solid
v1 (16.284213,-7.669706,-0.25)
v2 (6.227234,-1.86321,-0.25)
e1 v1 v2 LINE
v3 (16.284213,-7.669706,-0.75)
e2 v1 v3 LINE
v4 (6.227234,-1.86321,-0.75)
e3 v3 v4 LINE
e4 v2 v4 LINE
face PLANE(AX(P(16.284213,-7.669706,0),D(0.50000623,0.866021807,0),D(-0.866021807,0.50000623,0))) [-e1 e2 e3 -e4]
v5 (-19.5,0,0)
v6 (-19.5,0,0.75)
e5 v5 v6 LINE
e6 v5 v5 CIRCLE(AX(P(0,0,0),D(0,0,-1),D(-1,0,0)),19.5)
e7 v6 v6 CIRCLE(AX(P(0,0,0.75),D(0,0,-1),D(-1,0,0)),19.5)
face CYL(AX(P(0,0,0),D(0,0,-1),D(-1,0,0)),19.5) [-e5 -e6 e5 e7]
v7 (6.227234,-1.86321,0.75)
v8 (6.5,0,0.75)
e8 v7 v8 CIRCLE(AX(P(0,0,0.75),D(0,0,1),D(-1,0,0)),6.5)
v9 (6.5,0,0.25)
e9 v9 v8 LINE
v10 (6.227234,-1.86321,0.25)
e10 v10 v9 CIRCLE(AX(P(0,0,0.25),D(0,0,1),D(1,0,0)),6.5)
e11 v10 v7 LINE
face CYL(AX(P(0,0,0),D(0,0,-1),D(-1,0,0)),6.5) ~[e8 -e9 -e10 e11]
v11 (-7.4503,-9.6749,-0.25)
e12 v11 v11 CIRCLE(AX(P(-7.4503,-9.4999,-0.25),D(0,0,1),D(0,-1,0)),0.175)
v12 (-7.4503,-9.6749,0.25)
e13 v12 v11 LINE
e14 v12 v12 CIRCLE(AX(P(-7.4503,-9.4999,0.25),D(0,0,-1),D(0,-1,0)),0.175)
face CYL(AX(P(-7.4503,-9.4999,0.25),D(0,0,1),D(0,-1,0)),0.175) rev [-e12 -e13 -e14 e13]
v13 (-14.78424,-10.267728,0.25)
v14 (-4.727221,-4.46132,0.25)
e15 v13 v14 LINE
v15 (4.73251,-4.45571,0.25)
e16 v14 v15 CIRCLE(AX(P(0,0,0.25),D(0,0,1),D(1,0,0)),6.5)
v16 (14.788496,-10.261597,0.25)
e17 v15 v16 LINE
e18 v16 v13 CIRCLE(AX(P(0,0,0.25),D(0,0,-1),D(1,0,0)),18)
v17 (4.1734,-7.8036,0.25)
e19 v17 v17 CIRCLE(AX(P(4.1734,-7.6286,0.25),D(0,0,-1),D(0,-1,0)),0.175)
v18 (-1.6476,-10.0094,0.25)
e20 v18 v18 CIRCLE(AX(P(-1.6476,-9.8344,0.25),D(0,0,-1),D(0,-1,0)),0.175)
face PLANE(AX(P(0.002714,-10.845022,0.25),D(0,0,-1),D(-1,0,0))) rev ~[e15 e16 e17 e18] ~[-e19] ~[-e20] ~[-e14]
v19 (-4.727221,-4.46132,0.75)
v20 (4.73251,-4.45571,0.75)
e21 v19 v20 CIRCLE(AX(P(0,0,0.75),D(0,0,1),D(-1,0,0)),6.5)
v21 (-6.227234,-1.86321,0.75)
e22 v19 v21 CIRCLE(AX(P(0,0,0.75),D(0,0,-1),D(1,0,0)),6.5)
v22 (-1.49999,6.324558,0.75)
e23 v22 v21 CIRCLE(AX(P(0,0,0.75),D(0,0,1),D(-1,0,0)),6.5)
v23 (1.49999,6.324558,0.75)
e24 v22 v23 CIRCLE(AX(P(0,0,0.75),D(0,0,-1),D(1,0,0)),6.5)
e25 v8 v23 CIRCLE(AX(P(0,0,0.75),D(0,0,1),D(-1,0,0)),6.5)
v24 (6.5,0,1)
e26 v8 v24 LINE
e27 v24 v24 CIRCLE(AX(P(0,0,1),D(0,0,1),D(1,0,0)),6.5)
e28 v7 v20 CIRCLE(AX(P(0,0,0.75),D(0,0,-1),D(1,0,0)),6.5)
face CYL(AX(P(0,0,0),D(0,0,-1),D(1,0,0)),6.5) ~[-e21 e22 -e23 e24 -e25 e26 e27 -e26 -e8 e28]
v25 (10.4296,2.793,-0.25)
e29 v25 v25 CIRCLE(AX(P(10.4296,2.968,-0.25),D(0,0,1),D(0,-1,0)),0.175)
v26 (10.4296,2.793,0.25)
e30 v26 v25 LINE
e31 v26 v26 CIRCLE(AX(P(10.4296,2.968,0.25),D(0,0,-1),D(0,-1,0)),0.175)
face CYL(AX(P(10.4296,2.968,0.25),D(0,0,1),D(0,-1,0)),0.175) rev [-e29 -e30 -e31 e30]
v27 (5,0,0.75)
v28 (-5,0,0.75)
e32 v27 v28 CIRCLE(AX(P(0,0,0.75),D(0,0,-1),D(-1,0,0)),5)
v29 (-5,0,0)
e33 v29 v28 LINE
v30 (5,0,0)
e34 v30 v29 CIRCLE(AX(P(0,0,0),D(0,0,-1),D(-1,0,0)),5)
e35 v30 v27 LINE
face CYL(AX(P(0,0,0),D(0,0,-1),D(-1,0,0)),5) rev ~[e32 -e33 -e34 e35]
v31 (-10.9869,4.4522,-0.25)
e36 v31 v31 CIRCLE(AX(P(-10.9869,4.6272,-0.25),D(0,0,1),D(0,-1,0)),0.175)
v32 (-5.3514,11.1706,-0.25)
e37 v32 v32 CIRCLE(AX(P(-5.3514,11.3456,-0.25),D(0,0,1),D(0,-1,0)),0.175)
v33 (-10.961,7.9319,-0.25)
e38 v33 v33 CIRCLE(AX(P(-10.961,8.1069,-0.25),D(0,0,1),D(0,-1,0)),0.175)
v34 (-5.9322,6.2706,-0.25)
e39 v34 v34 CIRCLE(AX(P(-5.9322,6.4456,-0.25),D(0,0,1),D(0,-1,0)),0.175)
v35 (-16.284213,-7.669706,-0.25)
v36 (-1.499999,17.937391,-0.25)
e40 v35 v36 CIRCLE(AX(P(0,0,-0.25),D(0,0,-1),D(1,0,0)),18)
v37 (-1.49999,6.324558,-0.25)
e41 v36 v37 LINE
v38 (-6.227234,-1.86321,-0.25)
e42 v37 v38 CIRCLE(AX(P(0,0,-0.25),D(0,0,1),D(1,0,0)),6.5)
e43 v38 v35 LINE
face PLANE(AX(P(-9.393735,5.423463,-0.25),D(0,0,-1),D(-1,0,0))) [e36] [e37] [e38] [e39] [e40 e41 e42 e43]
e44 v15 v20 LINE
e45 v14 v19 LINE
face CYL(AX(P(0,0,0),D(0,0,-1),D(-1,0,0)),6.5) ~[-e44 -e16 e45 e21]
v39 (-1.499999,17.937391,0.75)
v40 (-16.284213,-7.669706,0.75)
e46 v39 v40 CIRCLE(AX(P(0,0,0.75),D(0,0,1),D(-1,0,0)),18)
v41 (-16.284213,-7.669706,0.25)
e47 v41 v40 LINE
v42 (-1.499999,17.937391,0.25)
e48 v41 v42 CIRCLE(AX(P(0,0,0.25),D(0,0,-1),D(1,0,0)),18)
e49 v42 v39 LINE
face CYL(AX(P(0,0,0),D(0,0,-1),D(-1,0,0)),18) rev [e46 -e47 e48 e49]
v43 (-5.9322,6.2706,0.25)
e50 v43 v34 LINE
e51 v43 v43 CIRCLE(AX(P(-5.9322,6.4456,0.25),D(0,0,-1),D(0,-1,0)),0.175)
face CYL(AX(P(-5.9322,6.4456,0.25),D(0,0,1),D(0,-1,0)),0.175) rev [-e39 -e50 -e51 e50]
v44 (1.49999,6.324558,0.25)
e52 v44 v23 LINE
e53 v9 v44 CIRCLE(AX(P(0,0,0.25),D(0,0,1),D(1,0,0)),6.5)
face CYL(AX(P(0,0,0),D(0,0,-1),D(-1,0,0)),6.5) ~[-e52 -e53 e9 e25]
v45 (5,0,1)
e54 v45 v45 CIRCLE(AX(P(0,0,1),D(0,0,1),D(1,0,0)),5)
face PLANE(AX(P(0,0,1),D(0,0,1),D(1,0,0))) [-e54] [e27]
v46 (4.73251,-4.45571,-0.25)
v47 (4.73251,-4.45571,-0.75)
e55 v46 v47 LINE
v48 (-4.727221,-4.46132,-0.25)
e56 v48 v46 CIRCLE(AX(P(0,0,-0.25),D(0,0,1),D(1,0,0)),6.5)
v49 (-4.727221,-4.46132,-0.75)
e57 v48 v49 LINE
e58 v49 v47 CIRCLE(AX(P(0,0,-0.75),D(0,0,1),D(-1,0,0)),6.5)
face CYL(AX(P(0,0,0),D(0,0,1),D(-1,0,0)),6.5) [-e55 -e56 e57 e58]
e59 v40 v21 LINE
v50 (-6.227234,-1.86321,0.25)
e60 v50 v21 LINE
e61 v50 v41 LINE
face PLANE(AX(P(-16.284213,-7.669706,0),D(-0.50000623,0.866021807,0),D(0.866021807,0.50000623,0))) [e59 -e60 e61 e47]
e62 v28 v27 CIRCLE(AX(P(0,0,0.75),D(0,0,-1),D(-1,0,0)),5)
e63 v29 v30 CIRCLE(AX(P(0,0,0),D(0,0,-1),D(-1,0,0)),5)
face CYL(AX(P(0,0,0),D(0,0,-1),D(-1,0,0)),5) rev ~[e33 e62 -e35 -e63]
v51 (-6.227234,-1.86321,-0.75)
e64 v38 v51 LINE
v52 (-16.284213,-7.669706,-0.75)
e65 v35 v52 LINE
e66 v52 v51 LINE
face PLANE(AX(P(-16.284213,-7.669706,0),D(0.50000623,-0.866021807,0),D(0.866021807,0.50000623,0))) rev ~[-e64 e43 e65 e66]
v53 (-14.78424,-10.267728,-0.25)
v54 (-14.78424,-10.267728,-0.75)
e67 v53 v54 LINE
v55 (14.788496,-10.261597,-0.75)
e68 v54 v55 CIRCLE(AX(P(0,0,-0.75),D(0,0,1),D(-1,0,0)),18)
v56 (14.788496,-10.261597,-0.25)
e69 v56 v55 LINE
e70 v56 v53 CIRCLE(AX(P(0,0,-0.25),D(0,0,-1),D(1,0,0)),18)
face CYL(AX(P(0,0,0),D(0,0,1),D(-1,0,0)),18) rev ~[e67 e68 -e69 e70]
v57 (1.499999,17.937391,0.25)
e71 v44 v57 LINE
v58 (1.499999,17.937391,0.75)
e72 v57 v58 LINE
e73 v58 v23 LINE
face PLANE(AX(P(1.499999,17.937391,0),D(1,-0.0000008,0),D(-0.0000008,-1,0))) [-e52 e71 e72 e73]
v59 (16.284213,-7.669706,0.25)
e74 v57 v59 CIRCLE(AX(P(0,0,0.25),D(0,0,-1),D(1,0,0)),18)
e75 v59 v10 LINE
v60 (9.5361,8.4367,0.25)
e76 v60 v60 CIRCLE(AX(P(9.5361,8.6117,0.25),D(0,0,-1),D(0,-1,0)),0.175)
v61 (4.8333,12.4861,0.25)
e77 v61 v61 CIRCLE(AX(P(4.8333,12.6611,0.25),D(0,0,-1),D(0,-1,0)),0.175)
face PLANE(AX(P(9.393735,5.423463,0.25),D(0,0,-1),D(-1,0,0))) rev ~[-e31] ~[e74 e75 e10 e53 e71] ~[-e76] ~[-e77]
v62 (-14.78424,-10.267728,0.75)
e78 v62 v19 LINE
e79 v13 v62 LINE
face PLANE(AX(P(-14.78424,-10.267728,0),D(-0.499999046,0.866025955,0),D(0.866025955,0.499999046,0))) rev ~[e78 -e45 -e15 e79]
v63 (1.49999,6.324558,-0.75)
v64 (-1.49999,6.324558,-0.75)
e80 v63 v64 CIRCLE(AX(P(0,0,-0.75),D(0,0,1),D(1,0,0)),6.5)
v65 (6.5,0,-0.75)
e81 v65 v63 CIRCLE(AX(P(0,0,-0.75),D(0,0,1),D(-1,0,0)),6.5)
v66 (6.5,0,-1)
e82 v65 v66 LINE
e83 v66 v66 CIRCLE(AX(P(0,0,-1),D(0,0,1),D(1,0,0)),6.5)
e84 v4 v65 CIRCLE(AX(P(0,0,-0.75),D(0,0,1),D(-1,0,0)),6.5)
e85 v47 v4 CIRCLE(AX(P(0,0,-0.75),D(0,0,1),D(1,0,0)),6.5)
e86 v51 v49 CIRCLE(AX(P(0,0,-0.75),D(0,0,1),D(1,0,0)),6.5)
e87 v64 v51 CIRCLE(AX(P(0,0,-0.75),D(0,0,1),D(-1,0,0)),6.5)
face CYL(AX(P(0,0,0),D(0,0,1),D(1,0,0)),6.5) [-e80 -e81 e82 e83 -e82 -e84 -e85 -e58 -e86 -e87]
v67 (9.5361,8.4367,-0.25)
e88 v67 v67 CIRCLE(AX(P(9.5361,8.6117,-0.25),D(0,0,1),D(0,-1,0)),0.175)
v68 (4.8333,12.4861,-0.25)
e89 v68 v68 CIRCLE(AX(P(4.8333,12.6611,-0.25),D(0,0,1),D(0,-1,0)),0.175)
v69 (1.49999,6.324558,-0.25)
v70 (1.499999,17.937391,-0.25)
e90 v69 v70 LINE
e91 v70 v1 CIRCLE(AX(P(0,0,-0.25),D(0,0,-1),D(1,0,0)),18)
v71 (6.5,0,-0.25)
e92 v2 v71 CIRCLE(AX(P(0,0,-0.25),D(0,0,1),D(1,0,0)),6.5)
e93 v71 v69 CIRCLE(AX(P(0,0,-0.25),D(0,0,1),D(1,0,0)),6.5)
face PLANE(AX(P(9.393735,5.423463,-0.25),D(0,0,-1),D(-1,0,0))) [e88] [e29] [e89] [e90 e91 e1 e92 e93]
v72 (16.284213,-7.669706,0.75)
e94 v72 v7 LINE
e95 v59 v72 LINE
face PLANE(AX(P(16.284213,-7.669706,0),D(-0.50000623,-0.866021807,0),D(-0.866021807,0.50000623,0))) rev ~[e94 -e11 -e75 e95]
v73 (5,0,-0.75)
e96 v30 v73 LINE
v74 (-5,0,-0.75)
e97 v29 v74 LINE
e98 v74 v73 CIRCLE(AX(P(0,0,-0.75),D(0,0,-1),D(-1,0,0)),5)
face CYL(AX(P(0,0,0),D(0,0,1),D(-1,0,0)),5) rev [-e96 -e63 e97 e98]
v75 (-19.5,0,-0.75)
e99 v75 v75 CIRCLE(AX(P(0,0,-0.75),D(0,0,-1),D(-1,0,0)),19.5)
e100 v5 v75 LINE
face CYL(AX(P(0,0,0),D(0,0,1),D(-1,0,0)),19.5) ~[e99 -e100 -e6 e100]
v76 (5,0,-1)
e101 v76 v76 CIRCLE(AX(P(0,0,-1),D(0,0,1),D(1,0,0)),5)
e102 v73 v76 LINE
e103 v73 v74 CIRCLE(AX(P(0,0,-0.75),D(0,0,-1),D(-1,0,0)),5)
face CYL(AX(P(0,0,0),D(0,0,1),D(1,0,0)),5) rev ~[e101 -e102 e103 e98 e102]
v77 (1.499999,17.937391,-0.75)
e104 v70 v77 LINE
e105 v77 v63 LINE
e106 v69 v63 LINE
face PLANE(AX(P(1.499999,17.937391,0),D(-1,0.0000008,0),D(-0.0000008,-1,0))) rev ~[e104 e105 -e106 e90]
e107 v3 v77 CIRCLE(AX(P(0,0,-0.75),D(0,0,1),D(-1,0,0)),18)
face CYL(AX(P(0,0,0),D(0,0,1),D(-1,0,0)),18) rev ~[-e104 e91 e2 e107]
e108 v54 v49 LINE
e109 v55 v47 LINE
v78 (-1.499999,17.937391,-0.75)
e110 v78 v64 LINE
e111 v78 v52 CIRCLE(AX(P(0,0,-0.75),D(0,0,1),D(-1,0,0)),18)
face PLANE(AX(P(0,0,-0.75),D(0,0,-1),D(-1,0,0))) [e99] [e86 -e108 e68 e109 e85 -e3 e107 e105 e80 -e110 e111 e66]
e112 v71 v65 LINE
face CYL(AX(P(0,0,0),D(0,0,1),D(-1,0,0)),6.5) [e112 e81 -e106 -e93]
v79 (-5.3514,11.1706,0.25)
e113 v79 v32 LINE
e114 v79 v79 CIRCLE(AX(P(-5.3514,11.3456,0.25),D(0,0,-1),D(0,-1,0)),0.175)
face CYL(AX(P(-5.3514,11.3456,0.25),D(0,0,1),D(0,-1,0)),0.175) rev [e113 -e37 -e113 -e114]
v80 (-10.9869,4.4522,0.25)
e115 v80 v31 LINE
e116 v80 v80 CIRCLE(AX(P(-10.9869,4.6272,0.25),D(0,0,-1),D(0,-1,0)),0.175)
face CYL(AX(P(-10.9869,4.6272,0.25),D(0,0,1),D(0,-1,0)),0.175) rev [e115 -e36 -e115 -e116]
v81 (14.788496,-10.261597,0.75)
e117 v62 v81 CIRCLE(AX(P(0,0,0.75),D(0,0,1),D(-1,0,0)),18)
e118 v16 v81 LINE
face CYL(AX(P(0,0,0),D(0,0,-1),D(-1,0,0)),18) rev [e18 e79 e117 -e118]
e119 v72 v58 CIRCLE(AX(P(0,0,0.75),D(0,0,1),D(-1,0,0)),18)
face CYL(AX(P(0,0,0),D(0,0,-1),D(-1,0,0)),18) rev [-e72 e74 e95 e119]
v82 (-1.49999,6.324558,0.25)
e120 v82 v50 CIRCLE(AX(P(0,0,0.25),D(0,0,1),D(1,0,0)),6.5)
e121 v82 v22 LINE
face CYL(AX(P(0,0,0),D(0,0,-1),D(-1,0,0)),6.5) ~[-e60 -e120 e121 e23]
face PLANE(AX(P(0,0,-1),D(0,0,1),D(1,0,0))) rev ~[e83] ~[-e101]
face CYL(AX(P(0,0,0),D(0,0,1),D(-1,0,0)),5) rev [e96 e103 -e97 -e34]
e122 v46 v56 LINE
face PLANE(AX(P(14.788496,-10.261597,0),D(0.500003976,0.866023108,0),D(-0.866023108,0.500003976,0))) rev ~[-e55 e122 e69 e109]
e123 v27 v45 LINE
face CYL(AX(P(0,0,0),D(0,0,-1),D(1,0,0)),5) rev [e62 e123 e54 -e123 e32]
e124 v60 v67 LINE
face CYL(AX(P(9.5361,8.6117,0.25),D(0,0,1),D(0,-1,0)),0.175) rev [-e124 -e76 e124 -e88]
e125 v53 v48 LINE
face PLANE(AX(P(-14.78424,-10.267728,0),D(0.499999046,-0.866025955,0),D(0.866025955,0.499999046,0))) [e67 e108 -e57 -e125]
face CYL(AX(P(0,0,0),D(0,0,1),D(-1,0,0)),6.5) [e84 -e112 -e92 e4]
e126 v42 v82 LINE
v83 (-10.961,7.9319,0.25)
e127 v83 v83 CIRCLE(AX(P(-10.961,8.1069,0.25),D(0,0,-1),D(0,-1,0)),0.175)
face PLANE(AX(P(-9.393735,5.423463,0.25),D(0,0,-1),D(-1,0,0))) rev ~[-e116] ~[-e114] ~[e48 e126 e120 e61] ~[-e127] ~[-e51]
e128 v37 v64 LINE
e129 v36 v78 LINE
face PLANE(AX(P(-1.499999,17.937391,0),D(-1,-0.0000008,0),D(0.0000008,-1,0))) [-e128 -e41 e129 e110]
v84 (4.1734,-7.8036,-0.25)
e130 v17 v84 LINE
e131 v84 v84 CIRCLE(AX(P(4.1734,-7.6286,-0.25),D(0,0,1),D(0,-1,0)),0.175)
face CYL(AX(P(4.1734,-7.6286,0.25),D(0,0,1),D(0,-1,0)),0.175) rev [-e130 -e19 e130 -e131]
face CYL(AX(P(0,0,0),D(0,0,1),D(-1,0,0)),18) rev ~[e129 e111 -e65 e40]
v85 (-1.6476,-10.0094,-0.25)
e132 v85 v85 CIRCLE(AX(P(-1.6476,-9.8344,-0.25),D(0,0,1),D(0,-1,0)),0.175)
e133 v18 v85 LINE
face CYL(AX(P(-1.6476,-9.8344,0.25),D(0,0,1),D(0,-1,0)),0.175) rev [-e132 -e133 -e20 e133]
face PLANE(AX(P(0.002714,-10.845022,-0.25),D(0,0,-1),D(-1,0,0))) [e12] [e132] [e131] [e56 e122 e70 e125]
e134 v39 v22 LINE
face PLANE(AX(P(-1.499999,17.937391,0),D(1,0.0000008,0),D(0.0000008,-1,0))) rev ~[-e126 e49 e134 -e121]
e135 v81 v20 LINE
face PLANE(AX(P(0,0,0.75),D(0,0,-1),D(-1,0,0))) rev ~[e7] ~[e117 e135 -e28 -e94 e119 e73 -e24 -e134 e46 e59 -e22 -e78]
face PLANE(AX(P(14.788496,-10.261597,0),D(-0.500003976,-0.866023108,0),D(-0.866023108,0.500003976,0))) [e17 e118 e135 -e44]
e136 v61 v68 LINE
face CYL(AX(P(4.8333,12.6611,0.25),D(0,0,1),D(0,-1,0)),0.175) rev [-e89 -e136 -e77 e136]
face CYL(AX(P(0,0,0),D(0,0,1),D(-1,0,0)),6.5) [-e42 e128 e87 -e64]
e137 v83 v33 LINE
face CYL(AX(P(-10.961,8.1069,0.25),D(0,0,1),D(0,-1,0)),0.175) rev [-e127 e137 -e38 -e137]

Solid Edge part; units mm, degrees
sketch "Sketch1" plane through (0, 0, 0) normal (0, 0, -1) x (-1, 0, 0)
  circle A0 centre (0, 0) radius 5
  arc A1 (4.7272, -4.4613) -> (-4.7325, -4.4557) centre (0, 0) cw
  line L0 (-14.7885, -10.2616) -> (-4.7325, -4.4557)
  arc A2 (14.7842, -10.2677) -> (-14.7885, -10.2616) centre (0, 0) cw
  line L1 (14.7842, -10.2677) -> (4.7272, -4.4613)
  line L2 (16.2842, -7.6697) -> (6.2272, -1.8632)
  arc A3 (1.5, 17.9374) -> (16.2842, -7.6697) centre (0, 0) cw
  line L3 (1.5, 17.9374) -> (1.5, 6.3246)
  arc A4 (1.5, 6.3246) -> (6.2272, -1.8632) centre (0, 0) cw
  arc A5 (-6.2272, -1.8632) -> (-1.5, 6.3246) centre (0, 0) cw
  line L4 (-1.5, 17.9374) -> (-1.5, 6.3246)
  line L5 (-16.2842, -7.6697) -> (-6.2272, -1.8632)
  arc A6 (-16.2842, -7.6697) -> (-1.5, 17.9374) centre (0, 0) cw
  circle A7 centre (0, 0) radius 19.5
extrude "Protrusion1" add sketch "Sketch1" along normal mid plane 1.5
sketch "Sketch2" plane through (0, 0, 0) normal (0, 0, 1) x (1, 0, 0)
  circle A0 centre (0, 0) radius 5
  circle A1 centre (0, 0) radius 6.5
  dimension "D1" = 11.6128
extrude "Kihúzás_2" add sketch "Sketch2" along normal mid plane 2
sketch "Sketch3" plane through (0, 0, 0) normal (0, 0, 1) x (1, 0, 0)
  arc A0 (-16.2842, -7.6697) -> (-1.5, 17.9374) centre (0, 0) cw
  line L0 (-1.5, 17.9374) -> (-1.5, 6.3246)
  arc A1 (-1.5, 6.3246) -> (-6.2272, -1.8632) centre (0, 0) ccw
  line L1 (-6.2272, -1.8632) -> (-16.2842, -7.6697)
  line L2 (1.5, 6.3246) -> (1.5, 17.9374)
  arc A2 (1.5, 17.9374) -> (16.2842, -7.6697) centre (0, 0) cw
  line L3 (16.2842, -7.6697) -> (6.2272, -1.8632)
  arc A3 (6.2272, -1.8632) -> (1.5, 6.3246) centre (0, 0) ccw
  line L4 (4.7325, -4.4557) -> (14.7885, -10.2616)
  arc A4 (14.7885, -10.2616) -> (-14.7842, -10.2677) centre (0, 0) cw
  line L5 (-14.7842, -10.2677) -> (-4.7272, -4.4613)
  arc A5 (-4.7272, -4.4613) -> (4.7325, -4.4557) centre (0, 0) ccw
extrude "Kihúzás_3" add sketch "Sketch3" along normal mid plane 0.5
hole "Furat_1" at (-10.961, 8.1069, 0.25) direction (0, 0, -1) diameter 0.35 end up to next
hole "Hole1" at (-10.9869, 4.6272, 0.25) direction (0, 0, -1) diameter 0.35 end up to next
hole "Hole2" at (-5.3514, 11.3456, 0.25) direction (0, 0, -1) diameter 0.35 end up to next
hole "Hole3" at (-5.9322, 6.4456, 0.25) direction (0, 0, -1) diameter 0.35 end up to next
hole "Hole4" at (4.8333, 12.6611, 0.25) direction (0, 0, -1) diameter 0.35 end up to next
hole "Hole5" at (9.5361, 8.6117, 0.25) direction (0, 0, -1) diameter 0.35 end up to next
hole "Hole6" at (10.4296, 2.968, 0.25) direction (0, 0, -1) diameter 0.35 end up to next
hole "Hole7" at (-1.6476, -9.8344, 0.25) direction (0, 0, -1) diameter 0.35 end up to next
hole "Hole8" at (-7.4503, -9.4999, 0.25) direction (0, 0, -1) diameter 0.35 end up to next
hole "Hole9" at (4.1734, -7.6286, 0.25) direction (0, 0, -1) diameter 0.35 end up to next
properties material "Plastic ABS (medium strong)"
